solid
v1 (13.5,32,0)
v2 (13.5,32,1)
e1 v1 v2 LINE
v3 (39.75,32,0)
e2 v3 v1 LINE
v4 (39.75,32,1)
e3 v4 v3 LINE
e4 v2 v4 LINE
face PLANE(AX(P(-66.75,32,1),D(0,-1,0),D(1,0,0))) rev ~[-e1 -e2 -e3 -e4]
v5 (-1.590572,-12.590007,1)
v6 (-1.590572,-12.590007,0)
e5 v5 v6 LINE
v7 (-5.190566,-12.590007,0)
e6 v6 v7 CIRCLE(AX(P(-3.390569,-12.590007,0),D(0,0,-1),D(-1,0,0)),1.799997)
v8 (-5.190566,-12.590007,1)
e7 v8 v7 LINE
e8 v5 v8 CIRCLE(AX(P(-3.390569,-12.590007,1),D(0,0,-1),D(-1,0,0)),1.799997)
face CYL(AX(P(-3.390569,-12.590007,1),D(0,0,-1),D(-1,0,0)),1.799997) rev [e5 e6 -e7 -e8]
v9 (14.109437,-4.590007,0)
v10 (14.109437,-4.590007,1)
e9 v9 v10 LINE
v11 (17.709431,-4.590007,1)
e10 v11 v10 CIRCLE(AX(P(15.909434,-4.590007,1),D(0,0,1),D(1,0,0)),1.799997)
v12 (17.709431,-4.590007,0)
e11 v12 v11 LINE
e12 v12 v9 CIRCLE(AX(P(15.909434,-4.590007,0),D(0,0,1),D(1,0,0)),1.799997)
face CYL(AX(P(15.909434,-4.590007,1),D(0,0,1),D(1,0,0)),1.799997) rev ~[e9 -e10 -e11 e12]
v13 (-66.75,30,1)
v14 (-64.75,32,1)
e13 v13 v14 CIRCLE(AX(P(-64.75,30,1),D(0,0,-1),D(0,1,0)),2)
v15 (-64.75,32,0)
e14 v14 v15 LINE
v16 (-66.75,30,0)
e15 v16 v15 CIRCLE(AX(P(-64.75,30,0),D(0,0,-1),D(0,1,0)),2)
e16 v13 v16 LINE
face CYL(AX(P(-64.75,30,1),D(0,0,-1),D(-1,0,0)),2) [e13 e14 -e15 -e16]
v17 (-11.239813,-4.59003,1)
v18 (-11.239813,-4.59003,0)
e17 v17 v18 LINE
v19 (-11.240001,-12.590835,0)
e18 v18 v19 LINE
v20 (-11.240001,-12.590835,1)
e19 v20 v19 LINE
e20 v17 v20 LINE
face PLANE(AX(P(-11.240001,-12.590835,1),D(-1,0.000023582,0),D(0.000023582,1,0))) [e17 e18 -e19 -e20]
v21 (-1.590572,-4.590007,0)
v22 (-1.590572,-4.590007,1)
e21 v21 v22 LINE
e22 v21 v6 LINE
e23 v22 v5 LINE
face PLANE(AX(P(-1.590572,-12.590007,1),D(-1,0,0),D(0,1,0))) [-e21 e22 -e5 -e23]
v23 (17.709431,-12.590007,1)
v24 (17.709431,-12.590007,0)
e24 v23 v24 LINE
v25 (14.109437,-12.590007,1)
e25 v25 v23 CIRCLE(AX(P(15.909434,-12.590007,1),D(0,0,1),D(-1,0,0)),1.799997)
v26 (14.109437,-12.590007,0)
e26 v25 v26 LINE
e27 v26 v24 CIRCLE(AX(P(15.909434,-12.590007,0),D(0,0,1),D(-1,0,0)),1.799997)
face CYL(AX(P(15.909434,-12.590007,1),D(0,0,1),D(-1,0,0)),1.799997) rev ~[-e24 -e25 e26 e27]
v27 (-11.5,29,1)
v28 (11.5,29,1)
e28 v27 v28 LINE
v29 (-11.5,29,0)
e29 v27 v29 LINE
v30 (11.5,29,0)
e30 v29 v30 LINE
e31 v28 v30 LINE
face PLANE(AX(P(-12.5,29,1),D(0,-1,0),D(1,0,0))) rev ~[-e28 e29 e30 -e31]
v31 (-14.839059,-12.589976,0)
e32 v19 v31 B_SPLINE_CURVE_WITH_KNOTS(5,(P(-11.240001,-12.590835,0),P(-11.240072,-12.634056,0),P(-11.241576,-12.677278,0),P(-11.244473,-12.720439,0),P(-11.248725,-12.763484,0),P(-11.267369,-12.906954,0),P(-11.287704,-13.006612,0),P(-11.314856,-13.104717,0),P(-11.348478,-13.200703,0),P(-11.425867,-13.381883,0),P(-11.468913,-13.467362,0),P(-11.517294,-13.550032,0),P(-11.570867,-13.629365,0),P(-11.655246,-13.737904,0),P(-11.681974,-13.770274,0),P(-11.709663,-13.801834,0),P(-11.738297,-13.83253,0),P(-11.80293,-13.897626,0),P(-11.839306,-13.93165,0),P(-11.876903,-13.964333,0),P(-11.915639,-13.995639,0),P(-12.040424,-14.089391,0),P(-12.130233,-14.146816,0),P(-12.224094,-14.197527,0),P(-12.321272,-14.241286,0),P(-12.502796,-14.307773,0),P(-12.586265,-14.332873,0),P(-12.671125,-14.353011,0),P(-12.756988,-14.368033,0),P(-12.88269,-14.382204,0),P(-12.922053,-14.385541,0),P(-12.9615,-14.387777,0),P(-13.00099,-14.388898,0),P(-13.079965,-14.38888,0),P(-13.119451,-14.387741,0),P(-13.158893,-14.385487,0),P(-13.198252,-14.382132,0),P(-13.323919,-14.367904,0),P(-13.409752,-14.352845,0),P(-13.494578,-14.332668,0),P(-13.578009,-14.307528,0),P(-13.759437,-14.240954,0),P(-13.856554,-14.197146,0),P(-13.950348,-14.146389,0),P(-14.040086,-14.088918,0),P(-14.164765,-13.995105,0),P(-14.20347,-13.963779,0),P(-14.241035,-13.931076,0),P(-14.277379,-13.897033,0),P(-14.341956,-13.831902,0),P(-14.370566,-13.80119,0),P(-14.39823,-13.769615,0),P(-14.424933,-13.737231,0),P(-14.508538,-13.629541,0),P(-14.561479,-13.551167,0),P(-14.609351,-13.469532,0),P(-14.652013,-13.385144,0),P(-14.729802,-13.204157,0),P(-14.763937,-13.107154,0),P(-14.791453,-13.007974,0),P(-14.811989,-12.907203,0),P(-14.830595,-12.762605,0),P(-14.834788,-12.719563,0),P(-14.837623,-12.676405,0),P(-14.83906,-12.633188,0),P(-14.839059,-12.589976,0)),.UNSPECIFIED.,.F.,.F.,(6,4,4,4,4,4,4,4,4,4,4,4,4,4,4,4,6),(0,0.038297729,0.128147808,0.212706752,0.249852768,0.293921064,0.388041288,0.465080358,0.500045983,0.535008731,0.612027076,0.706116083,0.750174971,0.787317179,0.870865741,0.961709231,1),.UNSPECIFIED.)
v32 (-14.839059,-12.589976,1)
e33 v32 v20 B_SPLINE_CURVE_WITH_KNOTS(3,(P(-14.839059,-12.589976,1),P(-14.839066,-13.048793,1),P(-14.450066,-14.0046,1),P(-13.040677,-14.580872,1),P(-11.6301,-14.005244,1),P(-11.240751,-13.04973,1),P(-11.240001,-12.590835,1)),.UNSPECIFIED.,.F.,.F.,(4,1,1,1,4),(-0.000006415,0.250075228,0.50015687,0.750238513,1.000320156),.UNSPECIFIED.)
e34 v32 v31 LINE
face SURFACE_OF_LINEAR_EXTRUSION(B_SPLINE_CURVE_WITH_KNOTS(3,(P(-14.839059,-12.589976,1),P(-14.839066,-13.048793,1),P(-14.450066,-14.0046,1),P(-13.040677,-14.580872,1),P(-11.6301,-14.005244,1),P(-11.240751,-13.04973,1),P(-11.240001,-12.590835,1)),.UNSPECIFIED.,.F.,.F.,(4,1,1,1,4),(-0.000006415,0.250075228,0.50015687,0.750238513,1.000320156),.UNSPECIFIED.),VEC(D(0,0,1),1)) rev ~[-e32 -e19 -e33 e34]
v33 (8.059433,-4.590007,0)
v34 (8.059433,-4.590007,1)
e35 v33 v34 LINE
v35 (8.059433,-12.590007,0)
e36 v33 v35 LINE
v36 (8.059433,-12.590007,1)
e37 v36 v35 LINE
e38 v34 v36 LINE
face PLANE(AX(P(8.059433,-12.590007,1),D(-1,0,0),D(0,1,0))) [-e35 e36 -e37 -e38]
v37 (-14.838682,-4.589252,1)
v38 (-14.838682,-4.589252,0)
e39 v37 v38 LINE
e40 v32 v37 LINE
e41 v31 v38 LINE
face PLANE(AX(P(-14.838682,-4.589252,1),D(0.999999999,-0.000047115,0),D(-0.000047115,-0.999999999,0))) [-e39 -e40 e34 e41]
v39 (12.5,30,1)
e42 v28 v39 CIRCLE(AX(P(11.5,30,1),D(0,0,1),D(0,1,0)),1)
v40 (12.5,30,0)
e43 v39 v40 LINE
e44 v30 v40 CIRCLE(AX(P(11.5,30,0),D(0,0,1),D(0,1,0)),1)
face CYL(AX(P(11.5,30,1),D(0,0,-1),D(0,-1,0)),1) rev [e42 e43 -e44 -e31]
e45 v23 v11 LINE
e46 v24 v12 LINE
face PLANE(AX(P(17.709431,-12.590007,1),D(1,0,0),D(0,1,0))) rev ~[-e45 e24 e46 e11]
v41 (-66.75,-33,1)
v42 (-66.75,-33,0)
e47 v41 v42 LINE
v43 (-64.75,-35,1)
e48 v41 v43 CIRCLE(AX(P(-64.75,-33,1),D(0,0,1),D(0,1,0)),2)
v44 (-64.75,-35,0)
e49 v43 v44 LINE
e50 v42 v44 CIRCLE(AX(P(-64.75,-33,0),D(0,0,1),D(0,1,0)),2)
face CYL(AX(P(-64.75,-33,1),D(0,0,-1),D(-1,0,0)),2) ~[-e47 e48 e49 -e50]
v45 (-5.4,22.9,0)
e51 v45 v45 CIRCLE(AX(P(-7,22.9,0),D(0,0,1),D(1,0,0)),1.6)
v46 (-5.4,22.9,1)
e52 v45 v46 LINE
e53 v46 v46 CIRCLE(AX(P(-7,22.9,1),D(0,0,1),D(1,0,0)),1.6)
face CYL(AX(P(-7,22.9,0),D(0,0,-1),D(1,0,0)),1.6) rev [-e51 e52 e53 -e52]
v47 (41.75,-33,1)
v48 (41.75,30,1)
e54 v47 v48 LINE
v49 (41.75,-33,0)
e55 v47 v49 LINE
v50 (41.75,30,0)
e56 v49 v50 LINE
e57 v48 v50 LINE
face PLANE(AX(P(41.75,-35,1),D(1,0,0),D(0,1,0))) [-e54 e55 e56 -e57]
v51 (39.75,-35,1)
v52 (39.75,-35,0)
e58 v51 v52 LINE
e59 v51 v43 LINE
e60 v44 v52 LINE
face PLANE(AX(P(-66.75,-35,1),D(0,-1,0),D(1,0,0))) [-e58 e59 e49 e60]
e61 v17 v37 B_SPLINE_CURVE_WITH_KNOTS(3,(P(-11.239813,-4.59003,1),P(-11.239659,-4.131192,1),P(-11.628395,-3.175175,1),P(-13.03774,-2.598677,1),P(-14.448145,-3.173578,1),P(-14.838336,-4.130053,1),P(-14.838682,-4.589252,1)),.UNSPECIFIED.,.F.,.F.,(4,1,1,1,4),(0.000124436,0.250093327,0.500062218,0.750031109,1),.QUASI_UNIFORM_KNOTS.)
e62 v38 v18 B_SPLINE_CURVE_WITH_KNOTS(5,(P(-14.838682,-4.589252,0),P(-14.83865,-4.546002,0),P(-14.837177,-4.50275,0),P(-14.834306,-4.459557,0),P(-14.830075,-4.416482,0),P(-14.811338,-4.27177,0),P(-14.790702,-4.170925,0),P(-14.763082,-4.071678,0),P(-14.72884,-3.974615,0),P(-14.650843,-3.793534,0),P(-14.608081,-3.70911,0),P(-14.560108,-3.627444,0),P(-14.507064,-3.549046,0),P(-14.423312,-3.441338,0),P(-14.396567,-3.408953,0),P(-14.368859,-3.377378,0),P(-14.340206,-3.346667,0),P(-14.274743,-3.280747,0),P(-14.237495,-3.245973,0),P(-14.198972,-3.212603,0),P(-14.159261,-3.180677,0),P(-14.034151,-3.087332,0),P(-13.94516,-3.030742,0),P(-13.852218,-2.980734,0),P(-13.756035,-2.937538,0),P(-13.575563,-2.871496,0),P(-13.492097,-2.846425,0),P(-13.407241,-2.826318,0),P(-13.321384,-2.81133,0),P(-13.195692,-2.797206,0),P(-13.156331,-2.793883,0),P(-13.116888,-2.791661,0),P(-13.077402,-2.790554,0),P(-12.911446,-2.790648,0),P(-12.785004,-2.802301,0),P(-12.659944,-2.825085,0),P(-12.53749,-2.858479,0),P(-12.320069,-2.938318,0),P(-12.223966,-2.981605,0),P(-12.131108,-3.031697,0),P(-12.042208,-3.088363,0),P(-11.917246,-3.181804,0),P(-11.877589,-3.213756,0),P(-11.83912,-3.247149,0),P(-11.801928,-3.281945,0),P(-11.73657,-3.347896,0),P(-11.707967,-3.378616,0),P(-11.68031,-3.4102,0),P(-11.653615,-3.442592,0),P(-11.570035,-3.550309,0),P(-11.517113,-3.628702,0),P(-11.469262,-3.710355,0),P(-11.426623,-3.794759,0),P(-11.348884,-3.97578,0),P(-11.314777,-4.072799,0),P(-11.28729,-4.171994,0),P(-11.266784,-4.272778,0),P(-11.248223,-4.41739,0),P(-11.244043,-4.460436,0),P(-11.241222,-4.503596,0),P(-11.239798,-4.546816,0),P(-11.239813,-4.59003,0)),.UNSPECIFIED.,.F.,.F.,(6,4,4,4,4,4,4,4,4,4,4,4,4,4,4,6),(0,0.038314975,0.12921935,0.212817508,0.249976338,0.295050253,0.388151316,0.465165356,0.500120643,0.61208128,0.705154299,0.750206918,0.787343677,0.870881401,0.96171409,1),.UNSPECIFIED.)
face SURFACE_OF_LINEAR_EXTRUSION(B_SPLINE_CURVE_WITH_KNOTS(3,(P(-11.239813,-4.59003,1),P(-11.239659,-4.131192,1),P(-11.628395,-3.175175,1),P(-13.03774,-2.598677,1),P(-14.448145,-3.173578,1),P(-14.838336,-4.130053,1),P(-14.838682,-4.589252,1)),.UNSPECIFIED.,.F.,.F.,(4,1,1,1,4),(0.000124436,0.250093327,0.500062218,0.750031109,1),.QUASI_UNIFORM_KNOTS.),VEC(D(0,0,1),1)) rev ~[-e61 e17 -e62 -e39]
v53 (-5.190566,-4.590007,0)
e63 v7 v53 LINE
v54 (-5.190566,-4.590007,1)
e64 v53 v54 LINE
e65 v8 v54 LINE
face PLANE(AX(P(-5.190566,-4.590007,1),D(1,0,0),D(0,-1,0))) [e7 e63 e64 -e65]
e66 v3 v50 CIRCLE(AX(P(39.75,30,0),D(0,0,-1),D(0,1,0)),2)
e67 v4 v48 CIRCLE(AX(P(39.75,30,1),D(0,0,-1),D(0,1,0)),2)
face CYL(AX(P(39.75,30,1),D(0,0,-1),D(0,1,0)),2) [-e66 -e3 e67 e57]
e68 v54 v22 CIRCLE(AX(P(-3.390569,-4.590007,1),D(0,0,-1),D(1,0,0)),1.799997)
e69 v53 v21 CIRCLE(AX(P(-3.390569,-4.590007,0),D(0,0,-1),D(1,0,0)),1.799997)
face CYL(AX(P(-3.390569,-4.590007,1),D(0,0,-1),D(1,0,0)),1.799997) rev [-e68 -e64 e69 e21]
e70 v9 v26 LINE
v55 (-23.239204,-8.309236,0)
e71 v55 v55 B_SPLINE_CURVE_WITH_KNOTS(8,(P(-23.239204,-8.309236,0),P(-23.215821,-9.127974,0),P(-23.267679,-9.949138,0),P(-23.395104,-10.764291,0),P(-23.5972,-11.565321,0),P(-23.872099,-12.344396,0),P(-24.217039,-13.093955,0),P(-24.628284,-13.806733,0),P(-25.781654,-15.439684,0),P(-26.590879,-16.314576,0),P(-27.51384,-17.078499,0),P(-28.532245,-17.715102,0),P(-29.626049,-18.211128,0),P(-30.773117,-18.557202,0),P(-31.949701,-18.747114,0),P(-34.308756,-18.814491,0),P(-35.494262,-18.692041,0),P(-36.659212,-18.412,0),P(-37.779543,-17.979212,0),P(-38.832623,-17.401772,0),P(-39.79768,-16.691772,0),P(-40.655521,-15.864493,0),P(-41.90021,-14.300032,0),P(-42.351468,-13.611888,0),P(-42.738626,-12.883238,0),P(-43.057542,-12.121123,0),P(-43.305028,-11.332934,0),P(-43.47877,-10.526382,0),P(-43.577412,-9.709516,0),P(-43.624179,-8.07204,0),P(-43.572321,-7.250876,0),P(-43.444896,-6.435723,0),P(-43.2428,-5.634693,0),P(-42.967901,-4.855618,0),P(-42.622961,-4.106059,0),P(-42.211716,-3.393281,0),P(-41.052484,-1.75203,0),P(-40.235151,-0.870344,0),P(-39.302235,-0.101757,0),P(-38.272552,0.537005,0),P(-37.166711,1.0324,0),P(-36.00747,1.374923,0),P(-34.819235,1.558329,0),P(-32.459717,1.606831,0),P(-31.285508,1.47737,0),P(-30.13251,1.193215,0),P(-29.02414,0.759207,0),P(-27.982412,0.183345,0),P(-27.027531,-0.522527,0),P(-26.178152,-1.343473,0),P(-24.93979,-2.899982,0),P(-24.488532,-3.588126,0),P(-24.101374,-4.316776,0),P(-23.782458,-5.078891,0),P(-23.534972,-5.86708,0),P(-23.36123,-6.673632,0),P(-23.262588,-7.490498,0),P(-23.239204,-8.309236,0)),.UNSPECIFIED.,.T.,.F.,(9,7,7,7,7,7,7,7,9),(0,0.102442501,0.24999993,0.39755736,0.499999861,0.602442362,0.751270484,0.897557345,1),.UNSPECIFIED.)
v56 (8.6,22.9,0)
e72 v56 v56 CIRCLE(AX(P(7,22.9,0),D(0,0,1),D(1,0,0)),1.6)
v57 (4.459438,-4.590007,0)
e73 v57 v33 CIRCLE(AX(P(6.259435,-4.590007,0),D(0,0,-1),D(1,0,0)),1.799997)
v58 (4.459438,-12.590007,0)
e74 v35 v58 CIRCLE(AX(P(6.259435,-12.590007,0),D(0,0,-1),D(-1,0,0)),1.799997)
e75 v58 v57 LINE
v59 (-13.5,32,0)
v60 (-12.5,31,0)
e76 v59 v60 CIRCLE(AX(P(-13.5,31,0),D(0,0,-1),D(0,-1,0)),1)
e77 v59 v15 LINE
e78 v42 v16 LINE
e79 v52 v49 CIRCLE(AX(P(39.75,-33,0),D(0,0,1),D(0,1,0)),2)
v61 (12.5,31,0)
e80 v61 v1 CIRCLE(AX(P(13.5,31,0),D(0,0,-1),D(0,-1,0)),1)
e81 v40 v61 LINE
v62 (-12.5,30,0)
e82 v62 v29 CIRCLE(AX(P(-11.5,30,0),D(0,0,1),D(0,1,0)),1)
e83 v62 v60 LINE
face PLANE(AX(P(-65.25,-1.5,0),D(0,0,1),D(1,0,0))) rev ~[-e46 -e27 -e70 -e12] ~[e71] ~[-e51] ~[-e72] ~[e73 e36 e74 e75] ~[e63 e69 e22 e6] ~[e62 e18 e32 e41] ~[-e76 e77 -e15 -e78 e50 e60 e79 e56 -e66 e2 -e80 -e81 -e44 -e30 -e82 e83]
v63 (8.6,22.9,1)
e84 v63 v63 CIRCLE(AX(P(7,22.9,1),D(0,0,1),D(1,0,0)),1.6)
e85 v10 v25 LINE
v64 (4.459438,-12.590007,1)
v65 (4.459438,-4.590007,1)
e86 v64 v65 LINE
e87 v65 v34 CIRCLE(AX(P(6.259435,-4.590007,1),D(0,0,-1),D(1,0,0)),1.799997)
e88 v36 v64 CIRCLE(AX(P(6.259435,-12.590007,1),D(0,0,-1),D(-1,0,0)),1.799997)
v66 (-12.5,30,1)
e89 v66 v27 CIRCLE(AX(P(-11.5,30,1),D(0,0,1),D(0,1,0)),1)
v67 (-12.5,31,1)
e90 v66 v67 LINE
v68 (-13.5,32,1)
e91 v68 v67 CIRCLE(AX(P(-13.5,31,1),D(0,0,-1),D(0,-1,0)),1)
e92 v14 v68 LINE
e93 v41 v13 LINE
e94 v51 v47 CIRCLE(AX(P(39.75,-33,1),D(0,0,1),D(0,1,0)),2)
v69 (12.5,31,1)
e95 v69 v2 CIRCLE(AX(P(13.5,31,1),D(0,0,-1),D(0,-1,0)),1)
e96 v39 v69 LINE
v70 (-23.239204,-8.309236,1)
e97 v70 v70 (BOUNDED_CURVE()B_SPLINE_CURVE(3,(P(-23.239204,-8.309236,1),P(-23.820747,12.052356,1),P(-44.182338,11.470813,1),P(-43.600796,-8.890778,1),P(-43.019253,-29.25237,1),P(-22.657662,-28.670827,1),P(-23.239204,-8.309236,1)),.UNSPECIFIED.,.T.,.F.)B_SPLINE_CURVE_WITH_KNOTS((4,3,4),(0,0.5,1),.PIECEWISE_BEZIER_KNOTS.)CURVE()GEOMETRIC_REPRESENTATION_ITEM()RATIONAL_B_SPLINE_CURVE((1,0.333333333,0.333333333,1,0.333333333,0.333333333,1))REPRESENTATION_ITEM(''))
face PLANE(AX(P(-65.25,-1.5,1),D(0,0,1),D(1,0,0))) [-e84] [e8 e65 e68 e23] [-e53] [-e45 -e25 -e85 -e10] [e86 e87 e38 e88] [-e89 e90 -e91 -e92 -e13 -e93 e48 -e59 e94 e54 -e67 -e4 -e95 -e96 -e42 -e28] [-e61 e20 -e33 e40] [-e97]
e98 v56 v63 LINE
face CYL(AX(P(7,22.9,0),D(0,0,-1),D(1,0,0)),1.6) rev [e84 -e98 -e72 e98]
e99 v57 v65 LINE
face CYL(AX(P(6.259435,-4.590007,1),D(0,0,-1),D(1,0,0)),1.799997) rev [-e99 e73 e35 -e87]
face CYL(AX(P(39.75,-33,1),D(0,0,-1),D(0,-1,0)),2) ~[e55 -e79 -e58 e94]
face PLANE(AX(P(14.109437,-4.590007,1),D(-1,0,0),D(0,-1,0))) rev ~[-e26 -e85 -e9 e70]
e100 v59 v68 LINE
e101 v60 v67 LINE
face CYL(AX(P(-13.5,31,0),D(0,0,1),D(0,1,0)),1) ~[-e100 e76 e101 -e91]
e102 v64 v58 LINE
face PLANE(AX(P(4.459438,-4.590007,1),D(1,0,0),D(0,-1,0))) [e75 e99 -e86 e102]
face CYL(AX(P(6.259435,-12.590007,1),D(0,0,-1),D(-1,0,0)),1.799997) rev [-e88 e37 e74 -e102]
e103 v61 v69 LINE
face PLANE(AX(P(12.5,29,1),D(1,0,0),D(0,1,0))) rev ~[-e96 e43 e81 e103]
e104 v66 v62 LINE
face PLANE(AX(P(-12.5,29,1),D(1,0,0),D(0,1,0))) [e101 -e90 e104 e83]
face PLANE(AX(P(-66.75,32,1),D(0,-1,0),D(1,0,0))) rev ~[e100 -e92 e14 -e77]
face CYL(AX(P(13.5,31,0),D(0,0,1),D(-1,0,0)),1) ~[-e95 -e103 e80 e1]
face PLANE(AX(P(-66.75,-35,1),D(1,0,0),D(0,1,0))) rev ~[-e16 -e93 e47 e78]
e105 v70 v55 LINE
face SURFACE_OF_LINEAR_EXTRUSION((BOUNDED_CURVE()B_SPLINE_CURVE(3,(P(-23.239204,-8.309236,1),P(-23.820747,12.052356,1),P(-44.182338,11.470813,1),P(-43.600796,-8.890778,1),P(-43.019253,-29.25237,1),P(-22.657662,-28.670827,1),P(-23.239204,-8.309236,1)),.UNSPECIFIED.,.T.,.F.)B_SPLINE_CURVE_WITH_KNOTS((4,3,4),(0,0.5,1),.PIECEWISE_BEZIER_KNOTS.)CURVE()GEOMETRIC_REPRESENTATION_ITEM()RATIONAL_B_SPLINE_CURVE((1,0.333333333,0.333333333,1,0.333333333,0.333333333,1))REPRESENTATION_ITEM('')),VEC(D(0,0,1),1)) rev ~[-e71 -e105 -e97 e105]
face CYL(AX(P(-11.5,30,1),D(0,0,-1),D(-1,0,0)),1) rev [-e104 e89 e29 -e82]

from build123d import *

# Parameters (mm, degrees)
SKETCH_1_W          = 127.5
SKETCH_1_H          = 70
SKETCH_1_R          = 1.6
EXTRUDE_1_DEPTH     = 1
SKETCH_2_W          = 127.5
SKETCH_2_H          = 3
CUT_EXTRUDE_1_DEPTH = 10
SKETCH_3_W          = 22
SKETCH_3_H          = 67
CUT_EXTRUDE_2_DEPTH = 10
SKETCH_4_W          = 3
SKETCH_4_H          = 67
EXTRUDE_3_DEPTH     = 1
CUT_EXTRUDE_3_DEPTH = 5
FILLET_1_R          = 2
SKETCH_6_W          = 25
SKETCH_6_H          = 6
CUT_EXTRUDE_4_DEPTH = 10
FILLET_2_R          = 1


with BuildPart() as part:
    # 草图1 → 凸台-拉伸1 (new body)
    with BuildSketch(Plane.XY):
        Rectangle(SKETCH_1_W, SKETCH_1_H)
        with Locations((-7, 22.9)):
            Circle(SKETCH_1_R, mode=Mode.SUBTRACT)
        with Locations((7, 22.9)):
            Circle(SKETCH_1_R, mode=Mode.SUBTRACT)
    extrude(amount=EXTRUDE_1_DEPTH)

    # 草图2 → 切除-拉伸1 (cut)
    with BuildSketch(Plane.XY.offset(1)):
        with Locations((0, 33.5)):
            Rectangle(SKETCH_2_W, SKETCH_2_H)
    extrude(amount=-CUT_EXTRUDE_1_DEPTH, mode=Mode.SUBTRACT)

    # 草图3 → 切除-拉伸2 (cut)
    with BuildSketch(Plane.XY.offset(1)):
        with Locations((52.75, -1.5)):
            Rectangle(SKETCH_3_W, SKETCH_3_H)
    extrude(amount=-CUT_EXTRUDE_2_DEPTH, mode=Mode.SUBTRACT)

    # 草图4 → 凸台-拉伸3 (add)
    with BuildSketch(Plane.XY.offset(1)):
        with Locations((-65.25, -1.5)):
            Rectangle(SKETCH_4_W, SKETCH_4_H)
    extrude(amount=-EXTRUDE_3_DEPTH)

    # 草图5 → 切除-拉伸3 (cut, symmetric)
    with BuildSketch(Plane.XY.offset(1)):
        with BuildLine():
            add(Edge.make_bspline(
                [(-23.239204387, -8.309235678), (-23.820747006, 12.052355547), (-44.182338231, 11.470812929), (-43.600795613, -8.890778296), (-43.019252994, -29.252369521), (-22.657661769, -28.670826903), (-23.239204387, -8.309235678)],
                knots=[0, 0, 0, 0, 0.5, 0.5, 0.5, 1, 1, 1, 1], degree=3, weights=[1, 0.333333333, 0.333333333, 1, 0.333333333, 0.333333333, 1]))
        make_face()
        with BuildLine():
            Line((-11.240001226, -12.590835312), (-11.239812554, -4.590030484))
            add(Edge.make_bspline(
                [(-11.239812554, -4.590030484), (-11.23965851, -4.131191724), (-11.628394939, -3.175174974), (-13.03773959, -2.598676522), (-14.448144996, -3.173577827), (-14.838335624, -4.130052792), (-14.838682322, -4.589251905)],
                knots=[0.000124436, 0.000124436, 0.000124436, 0.000124436, 0.250093327, 0.500062218, 0.750031109, 1, 1, 1, 1], degree=3))
            Line((-14.838682322, -4.589251905), (-14.839059277, -12.589975952))
            add(Edge.make_bspline(
                [(-14.839059277, -12.589975952), (-14.83906612, -13.048792969), (-14.45006572, -14.004600337), (-13.04067713, -14.58087189), (-11.630099776, -14.005244049), (-11.240750672, -13.049730112), (-11.240001226, -12.590835312)],
                knots=[-6.415e-06, -6.415e-06, -6.415e-06, -6.415e-06, 0.250075228, 0.50015687, 0.750238513, 1.000320156, 1.000320156, 1.000320156, 1.000320156], degree=3))
        make_face()
        with BuildLine():
            Line((-1.590572104, -12.590006951), (-1.590572104, -4.5900069))
            ThreePointArc((-1.590572104, -4.5900069), (-3.39056929, -2.790009714), (-5.190566476, -4.5900069))
            Line((-5.190566476, -4.5900069), (-5.190566476, -12.590006951))
            ThreePointArc((-5.190566476, -12.590006951), (-3.39056929, -14.390004137), (-1.590572104, -12.590006951))
        make_face()
        with BuildLine():
            Line((8.059432501, -12.590006951), (8.059432501, -4.5900069))
            ThreePointArc((8.059432501, -4.5900069), (6.259435314, -2.790009714), (4.459438128, -4.5900069))
            Line((4.459438128, -4.5900069), (4.459438128, -12.590006951))
            ThreePointArc((4.459438128, -12.590006951), (6.259435314, -14.390004137), (8.059432501, -12.590006951))
        make_face()
        with BuildLine():
            Line((17.709430966, -12.590006951), (17.709430966, -4.5900069))
            ThreePointArc((17.709430966, -4.5900069), (15.909433779, -2.790009714), (14.109436593, -4.5900069))
            Line((14.109436593, -4.5900069), (14.109436593, -12.590006951))
            ThreePointArc((14.109436593, -12.590006951), (15.909433779, -14.390004137), (17.709430966, -12.590006951))
        make_face()
    extrude(amount=CUT_EXTRUDE_3_DEPTH, both=True, mode=Mode.SUBTRACT)

    # 圆角1
    fillet_1_edges = [part.edges().sort_by_distance(p)[0] for p in [
        (41.75, 32, 0.5),
        (41.75, -35, 0.5),
        (-66.75, -35, 0.5),
        (-66.75, 32, 0.5),
    ]]
    fillet(fillet_1_edges, radius=FILLET_1_R)

    # 草图6 → 切除-拉伸4 (cut)
    with BuildSketch(Plane.XY.offset(1)):
        with Locations((0, 32)):
            Rectangle(SKETCH_6_W, SKETCH_6_H)
    extrude(amount=-CUT_EXTRUDE_4_DEPTH, mode=Mode.SUBTRACT)

    # 圆角2
    fillet_2_edges = [part.edges().sort_by_distance(p)[0] for p in [
        (-12.5, 32, 0.5),
        (12.5, 32, 0.5),
        (12.5, 29, 0.5),
        (-12.5, 29, 0.5),
    ]]
    fillet(fillet_2_edges, radius=FILLET_2_R)


solid = part.part
